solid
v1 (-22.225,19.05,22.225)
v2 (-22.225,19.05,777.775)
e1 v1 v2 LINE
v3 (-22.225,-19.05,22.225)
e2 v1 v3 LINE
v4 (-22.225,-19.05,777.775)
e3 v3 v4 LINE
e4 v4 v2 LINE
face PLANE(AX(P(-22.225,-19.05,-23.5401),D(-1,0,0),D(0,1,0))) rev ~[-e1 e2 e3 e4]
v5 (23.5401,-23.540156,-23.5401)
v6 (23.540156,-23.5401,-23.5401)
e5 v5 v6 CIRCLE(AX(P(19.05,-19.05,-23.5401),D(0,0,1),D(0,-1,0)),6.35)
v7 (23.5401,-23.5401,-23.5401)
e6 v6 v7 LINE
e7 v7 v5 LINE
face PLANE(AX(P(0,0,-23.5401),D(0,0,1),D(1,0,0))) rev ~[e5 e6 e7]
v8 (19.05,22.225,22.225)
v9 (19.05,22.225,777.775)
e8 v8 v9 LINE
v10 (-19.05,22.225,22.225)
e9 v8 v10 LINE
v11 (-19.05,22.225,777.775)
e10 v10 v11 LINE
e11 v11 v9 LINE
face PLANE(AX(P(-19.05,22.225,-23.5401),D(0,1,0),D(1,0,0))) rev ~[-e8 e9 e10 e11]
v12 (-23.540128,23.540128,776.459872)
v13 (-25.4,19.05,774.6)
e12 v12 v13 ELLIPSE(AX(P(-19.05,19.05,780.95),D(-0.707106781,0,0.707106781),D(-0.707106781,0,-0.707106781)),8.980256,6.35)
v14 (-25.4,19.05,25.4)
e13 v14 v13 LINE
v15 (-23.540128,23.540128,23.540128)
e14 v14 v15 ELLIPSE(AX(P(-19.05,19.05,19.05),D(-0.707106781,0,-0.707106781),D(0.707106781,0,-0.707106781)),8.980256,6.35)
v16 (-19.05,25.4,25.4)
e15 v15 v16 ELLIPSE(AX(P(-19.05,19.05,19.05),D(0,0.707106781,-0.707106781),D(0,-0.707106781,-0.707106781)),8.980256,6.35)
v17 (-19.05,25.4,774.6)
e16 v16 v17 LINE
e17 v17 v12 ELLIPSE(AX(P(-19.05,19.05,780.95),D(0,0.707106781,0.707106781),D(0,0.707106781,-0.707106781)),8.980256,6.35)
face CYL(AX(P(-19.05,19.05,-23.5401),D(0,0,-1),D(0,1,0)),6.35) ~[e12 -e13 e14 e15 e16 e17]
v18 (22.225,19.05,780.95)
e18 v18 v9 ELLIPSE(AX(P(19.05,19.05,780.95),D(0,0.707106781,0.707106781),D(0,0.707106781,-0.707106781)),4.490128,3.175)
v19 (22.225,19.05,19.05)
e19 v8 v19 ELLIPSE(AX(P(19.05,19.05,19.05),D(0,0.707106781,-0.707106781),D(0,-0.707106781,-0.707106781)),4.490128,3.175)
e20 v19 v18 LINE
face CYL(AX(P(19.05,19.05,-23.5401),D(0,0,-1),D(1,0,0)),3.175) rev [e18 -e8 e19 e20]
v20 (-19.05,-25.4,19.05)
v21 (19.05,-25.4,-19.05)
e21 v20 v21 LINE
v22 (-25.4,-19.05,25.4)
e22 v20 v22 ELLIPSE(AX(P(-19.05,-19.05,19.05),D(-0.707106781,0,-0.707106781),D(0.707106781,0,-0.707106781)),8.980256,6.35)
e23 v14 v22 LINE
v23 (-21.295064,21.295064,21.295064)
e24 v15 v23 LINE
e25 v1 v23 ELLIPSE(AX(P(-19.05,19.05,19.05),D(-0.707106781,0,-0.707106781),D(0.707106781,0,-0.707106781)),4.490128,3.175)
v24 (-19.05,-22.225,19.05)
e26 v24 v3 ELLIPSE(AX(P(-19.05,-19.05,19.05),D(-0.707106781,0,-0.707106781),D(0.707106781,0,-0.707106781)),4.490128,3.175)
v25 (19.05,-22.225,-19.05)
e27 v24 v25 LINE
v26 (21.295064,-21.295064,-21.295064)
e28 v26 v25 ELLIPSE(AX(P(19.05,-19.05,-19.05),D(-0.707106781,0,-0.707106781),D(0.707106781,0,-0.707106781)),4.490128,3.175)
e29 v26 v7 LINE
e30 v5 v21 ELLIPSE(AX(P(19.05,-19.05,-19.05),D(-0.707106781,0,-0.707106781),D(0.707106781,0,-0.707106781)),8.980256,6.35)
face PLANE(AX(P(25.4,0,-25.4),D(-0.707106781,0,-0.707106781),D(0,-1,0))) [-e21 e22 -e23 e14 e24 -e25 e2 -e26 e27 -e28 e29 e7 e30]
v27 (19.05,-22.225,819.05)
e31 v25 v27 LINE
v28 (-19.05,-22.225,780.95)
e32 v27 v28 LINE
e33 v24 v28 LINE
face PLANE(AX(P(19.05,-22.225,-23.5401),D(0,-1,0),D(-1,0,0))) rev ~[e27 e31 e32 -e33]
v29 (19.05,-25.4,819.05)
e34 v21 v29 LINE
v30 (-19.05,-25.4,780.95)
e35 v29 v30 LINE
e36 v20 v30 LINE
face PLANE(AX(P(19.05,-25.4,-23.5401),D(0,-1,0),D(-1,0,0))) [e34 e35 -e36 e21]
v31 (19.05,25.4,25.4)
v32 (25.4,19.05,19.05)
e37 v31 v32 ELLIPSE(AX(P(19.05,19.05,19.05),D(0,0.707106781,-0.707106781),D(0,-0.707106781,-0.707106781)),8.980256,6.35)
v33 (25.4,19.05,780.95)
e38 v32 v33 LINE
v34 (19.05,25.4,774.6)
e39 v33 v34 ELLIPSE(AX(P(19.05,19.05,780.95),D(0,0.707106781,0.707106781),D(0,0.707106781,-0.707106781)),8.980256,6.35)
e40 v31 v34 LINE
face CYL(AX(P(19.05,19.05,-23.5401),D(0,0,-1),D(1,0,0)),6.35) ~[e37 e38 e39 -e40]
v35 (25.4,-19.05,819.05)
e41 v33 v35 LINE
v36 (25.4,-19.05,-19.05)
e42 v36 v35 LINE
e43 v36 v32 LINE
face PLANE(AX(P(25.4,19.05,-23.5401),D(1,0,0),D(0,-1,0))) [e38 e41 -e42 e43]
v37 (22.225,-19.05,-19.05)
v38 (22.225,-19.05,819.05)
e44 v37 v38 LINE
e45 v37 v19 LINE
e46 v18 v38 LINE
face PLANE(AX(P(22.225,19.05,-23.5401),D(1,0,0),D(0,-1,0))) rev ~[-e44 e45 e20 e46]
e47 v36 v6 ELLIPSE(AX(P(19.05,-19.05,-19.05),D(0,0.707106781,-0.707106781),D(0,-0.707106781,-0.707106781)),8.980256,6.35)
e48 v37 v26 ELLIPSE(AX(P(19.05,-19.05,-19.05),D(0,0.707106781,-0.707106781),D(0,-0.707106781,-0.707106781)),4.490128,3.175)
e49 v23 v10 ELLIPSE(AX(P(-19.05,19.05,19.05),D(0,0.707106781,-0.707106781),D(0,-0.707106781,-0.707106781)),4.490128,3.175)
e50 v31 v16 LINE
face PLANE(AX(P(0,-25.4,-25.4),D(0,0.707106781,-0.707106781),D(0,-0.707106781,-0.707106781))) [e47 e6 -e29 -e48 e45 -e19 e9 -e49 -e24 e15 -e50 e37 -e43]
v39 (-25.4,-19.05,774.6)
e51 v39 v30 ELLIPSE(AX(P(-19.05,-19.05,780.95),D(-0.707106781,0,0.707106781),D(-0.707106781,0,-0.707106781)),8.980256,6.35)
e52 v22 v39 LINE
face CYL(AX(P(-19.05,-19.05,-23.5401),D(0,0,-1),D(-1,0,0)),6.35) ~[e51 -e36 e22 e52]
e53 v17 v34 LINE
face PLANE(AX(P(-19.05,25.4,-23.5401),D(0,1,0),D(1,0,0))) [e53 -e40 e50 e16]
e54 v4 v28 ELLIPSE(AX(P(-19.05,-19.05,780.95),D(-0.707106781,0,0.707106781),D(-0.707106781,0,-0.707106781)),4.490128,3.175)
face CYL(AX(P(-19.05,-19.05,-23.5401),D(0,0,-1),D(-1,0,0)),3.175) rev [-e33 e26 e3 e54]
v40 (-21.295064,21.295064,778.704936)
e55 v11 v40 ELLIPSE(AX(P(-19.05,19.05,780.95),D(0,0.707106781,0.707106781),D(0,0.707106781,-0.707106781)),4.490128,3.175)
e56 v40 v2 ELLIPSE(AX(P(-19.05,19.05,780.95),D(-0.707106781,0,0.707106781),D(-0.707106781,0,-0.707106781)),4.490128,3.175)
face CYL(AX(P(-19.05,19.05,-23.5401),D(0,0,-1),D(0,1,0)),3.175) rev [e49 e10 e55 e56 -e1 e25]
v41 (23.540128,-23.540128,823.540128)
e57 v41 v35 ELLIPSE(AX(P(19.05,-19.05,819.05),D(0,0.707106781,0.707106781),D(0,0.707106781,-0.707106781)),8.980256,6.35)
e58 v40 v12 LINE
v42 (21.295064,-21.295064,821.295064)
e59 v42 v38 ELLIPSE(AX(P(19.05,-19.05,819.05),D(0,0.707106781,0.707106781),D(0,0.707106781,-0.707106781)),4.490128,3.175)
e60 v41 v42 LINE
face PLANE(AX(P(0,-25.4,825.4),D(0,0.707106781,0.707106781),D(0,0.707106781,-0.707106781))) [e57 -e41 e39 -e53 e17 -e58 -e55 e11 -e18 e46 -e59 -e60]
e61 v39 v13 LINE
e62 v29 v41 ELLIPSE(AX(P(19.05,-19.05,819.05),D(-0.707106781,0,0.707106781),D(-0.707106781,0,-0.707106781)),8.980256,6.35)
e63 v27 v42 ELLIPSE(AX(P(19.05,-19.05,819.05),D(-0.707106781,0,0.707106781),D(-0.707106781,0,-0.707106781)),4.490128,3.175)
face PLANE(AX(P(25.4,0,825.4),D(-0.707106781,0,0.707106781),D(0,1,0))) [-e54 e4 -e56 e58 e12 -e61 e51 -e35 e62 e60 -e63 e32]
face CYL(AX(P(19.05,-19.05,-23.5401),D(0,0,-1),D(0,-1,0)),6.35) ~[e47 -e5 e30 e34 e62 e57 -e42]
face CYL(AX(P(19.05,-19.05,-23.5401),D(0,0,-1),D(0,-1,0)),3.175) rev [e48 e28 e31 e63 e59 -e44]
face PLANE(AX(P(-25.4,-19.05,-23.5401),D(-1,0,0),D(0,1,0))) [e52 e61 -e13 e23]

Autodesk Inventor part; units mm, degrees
ref_plane "Plano inicial" through (0, 0, -23.5401) normal (0, 0, 1) x (1, 0, 0)
ref_plane "Plano final" through (0, 0, 823.5401) normal (0, 0, 1) x (1, 0, 0)
sketch "Boceto" plane through (0, 0, 0) normal (0, 0, 1) x (1, 0, 0)
  line L0 (-25.4, -19.05) -> (-25.4, 19.05)
  line L1 (-19.05, 25.4) -> (19.05, 25.4)
  line L2 (25.4, 19.05) -> (25.4, -19.05)
  line L3 (19.05, -25.4) -> (-19.05, -25.4)
  arc A0 (-25.4, -19.05) -> (-19.05, -25.4) centre (-19.05, -19.05) ccw
  arc A1 (-19.05, 25.4) -> (-25.4, 19.05) centre (-19.05, 19.05) ccw
  arc A2 (25.4, 19.05) -> (19.05, 25.4) centre (19.05, 19.05) ccw
  arc A3 (19.05, -25.4) -> (25.4, -19.05) centre (19.05, -19.05) ccw
  arc A4 (-19.05, 22.225) -> (-22.225, 19.05) centre (-19.05, 19.05) ccw
  line L4 (-19.05, 22.225) -> (19.05, 22.225)
  arc A5 (22.225, 19.05) -> (19.05, 22.225) centre (19.05, 19.05) ccw
  line L5 (22.225, 19.05) -> (22.225, -19.05)
  arc A6 (19.05, -22.225) -> (22.225, -19.05) centre (19.05, -19.05) ccw
  line L6 (19.05, -22.225) -> (-19.05, -22.225)
  arc A7 (-22.225, -19.05) -> (-19.05, -22.225) centre (-19.05, -19.05) ccw
  line L7 (-22.225, -19.05) -> (-22.225, 19.05)
  line L8 (0, 37.4012) -> (0, -37.4012) construction
  line L9 (-37.4012, 0) -> (37.4012, 0) construction
  dimension "d10" = 50.8
  dimension "d11" = 50.8
  dimension "d12" = 3.175
  dimension "d15" = 25.4
  dimension "d16" = 25.4
  dimension "d17" = 6.35
extrude "Cuerpo" add sketch "Boceto" along normal up to surface (847.0803 mm away) from surface at -23.5401
sketch "Sketch3" plane through (0, 0, 0) normal (0, 0, 1) x (1, 0, 0)
  line L0 (0, 0) -> (10, 0)
ref_plane "Work Plane3" through (0, 0, 0) normal (0, -1, 0) x (1, 0, 0)
ref_plane "Plano de trabajo4" through (25.4, 0, 825.4) normal (-0.7071, 0, 0.7071) x (0.7071, 0, 0.7071)
split "Dividir1" plane through (25.4, 0, 825.4) removes the side toward (-0.7071, 0, 0.7071)
ref_plane "Plano de trabajo5" through (25.4, 0, -25.4) normal (-0.7071, 0, -0.7071) x (-0.7071, 0, 0.7071)
split "Dividir2" plane through (25.4, 0, -25.4) removes the side toward (-0.7071, 0, -0.7071)
ref_plane "Plano de trabajo6" through (0, -25.4, 825.4) normal (0, 0.7071, 0.7071) x (1, 0, 0)
split "Dividir3" plane through (0, -25.4, 825.4) removes the side toward (0, 0.7071, 0.7071)
ref_plane "Plano de trabajo7" through (0, -25.4, -25.4) normal (0, 0.7071, -0.7071) x (1, 0, 0)
split "Dividir4" plane through (0, -25.4, -25.4) removes the side toward (0, 0.7071, -0.7071)
sketch "Sketch4" plane through (0, 0, 0) normal (0, -1, 0) x (1, 0, 0)
  line L0 (-2, -23.5401) -> (12, -23.5401) projected
  line L1 (-2, 823.5401) -> (12, 823.5401) projected
  dimension "d19" = 847.0803
equation "\"d10\" = G_H"
equation "\"d11\" = G_W"
equation "\"d12\" = G_T"
equation "\"d15\" = 0.5 * d10"
equation "\"d16\" = 0.5 * d11"
equation "\"d17\" = G_IR"
equation "\"d3\" = G_L"
equation "\"G_W\" = 50.8"
equation "\"G_H\" = 50.8"
equation "\"G_T\" = 3.175"
equation "\"G_IR\" = 6.35"
equation "\"G_L\" = d19"
equation "\"G_OFFSET_START\" = 23.54013"
equation "\"G_OFFSET_END\" = 23.54013"
equation "\"d13\" = -G_OFFSET_START"
equation "\"d14\" = G_OFFSET_END + B_L"
equation "\"B_L\" = 800"
properties part number "AISC - 2 x 2 x 1/8 - 33,35" material "Acero, suave"
